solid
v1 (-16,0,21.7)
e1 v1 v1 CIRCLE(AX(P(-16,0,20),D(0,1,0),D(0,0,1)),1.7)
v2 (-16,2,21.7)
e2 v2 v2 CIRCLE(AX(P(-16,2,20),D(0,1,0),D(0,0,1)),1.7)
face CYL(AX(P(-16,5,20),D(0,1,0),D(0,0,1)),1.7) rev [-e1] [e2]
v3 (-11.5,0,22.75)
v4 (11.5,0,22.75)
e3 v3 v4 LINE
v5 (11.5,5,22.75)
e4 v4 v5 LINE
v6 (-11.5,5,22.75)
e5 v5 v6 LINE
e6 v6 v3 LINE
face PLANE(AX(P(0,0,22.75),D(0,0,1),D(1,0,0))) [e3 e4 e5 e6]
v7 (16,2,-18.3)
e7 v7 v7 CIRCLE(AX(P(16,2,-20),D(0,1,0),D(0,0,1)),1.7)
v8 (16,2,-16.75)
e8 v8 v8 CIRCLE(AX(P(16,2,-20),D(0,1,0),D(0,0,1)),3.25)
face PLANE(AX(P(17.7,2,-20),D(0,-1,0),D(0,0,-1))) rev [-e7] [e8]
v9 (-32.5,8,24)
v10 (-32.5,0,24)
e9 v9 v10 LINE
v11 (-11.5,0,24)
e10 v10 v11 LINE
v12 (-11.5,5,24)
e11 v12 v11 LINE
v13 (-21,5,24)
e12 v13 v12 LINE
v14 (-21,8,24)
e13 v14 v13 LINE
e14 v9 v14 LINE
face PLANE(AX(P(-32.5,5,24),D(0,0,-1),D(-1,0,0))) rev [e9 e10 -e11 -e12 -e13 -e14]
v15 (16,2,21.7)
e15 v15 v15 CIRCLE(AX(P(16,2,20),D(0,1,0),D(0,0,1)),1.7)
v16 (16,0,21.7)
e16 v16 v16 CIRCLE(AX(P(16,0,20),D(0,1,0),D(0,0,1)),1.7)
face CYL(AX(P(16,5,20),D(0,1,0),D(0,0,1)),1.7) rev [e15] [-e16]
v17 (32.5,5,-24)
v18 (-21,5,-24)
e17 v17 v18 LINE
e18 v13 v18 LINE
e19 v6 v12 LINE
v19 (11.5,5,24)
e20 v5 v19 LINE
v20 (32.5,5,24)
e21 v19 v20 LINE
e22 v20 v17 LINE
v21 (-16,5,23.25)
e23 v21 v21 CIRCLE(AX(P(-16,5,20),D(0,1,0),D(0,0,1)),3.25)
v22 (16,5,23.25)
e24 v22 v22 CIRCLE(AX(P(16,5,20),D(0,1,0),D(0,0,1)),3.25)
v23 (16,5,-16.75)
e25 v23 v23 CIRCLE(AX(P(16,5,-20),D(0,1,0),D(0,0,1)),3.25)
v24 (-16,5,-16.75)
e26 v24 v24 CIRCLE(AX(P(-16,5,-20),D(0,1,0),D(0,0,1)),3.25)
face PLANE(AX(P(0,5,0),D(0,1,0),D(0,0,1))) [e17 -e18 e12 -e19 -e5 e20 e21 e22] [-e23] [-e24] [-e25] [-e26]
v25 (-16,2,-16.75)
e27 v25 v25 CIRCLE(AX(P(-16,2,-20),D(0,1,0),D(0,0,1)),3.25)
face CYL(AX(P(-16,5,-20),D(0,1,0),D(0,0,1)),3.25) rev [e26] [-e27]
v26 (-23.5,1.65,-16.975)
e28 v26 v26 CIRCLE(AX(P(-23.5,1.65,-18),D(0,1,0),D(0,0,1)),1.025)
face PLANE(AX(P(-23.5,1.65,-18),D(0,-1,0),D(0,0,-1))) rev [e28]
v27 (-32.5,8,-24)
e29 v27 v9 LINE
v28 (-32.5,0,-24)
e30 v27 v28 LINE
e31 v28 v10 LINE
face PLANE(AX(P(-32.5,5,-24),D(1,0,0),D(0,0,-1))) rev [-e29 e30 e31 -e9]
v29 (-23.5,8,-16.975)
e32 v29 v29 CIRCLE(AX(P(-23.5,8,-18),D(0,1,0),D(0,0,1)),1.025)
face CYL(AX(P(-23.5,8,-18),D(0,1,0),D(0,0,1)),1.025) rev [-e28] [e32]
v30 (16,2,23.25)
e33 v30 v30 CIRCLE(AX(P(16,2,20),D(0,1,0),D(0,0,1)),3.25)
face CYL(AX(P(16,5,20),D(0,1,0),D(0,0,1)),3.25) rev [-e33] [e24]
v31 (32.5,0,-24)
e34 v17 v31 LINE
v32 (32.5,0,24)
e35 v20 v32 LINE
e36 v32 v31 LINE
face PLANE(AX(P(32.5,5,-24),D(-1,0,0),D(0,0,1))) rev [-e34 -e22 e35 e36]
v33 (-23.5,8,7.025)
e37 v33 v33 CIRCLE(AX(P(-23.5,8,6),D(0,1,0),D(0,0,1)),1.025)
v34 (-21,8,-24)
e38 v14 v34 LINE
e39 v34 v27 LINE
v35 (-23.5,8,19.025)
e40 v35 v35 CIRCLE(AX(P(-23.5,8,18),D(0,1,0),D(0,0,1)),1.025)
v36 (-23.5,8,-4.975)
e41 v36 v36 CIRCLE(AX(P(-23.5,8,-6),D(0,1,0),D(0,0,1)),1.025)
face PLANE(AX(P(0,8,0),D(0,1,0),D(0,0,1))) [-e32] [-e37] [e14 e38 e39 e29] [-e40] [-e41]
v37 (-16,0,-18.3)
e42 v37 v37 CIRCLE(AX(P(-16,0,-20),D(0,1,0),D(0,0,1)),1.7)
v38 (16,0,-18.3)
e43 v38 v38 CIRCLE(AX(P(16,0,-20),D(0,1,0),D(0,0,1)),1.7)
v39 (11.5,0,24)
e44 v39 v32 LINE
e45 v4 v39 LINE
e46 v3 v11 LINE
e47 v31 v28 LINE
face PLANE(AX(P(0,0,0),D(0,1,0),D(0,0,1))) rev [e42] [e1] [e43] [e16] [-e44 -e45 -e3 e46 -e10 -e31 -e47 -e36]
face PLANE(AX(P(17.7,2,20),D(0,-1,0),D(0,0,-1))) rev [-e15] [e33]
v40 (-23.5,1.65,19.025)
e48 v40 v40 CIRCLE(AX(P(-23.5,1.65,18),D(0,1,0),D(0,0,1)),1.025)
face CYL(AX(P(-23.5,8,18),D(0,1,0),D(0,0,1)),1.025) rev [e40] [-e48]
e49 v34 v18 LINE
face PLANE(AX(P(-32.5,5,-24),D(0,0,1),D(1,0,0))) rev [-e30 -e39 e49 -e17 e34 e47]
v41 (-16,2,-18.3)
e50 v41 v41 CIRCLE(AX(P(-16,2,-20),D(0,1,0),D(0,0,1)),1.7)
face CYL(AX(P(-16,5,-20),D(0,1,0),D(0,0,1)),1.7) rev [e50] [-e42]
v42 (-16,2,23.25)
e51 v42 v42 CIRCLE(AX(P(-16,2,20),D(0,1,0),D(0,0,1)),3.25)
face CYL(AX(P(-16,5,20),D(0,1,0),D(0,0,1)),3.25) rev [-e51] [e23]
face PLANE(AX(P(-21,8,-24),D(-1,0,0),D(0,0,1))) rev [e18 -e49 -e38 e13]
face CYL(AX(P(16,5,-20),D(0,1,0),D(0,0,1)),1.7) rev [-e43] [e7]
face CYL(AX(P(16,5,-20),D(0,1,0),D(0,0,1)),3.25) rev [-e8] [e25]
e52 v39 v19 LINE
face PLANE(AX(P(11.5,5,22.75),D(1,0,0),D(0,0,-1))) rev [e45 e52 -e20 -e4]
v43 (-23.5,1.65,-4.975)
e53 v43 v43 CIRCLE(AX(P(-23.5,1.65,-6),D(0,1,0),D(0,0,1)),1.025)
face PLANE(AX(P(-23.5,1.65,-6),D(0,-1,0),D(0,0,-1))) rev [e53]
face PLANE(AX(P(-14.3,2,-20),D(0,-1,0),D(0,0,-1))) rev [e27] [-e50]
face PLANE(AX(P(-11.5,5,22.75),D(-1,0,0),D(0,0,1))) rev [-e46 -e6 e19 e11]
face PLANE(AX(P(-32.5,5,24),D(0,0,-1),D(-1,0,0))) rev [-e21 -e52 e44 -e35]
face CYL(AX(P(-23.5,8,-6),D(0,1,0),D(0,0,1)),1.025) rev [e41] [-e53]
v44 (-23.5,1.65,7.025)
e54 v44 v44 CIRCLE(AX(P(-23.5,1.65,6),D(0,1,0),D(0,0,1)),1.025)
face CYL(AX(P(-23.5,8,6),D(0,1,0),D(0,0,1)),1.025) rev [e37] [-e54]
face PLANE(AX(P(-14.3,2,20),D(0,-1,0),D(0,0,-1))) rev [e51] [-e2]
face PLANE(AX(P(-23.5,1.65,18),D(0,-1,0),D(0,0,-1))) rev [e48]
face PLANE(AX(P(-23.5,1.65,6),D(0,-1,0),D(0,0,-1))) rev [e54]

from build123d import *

# Parameters (mm, degrees)
SKETCH1_W                      = 65
SKETCH1_H                      = 48
BOSS_EXTRUDE1_DEPTH            = 5
SKETCH2_W                      = 11.5
SKETCH2_H                      = 48
BOSS_EXTRUDE2_DEPTH            = 3
M2_5X0_45_TAPPED_HOLE1_D       = 2.05
M2_5X0_45_TAPPED_HOLE1_DEPTH   = 6.35
CBORE_FOR_M3_SHCS1_D           = 3.4
CBORE_FOR_M3_SHCS1_CBORE_D     = 6.5
CBORE_FOR_M3_SHCS1_CBORE_DEPTH = 3
SKETCH7_W                      = 23
SKETCH7_H                      = 5
CUT_EXTRUDE1_DEPTH             = 1.25


with BuildPart() as part:
    # Sketch1 → Boss-Extrude1 (new body)
    with BuildSketch(Plane(origin=(0, 0, 0), x_dir=(1, 0, 0), z_dir=(0, 1, 0))):
        Rectangle(SKETCH1_W, SKETCH1_H)
    extrude(amount=BOSS_EXTRUDE1_DEPTH)

    # Sketch2 → Boss-Extrude2 (add)
    with BuildSketch(Plane(origin=(0, 5, 0), x_dir=(1, 0, 0), z_dir=(0, 1, 0))):
        with Locations((-26.75, 0)):
            Rectangle(SKETCH2_W, SKETCH2_H)
    extrude(amount=BOSS_EXTRUDE2_DEPTH)

    # M2.5x0.45 Tapped Hole1
    with Locations(Plane(origin=(0, 8, 0), x_dir=(1, 0, 0), z_dir=(0, 1, 0))):
        with Locations((-23.5, 18), (-23.5, 6), (-23.5, -18), (-23.5, -6)):
            Hole(M2_5X0_45_TAPPED_HOLE1_D / 2, depth=M2_5X0_45_TAPPED_HOLE1_DEPTH)

    # CBORE for M3 SHCS1 (through all)
    with Locations(Plane(origin=(0, 5, 0), x_dir=(1, 0, 0), z_dir=(0, 1, 0))):
        with Locations((-16, 20), (16, 20), (-16, -20), (16, -20)):
            CounterBoreHole(CBORE_FOR_M3_SHCS1_D / 2, CBORE_FOR_M3_SHCS1_CBORE_D / 2, CBORE_FOR_M3_SHCS1_CBORE_DEPTH)

    # Sketch7 → Cut-Extrude1 (cut)
    with BuildSketch(Plane.XY.offset(24)):
        with Locations((0, 2.5)):
            Rectangle(SKETCH7_W, SKETCH7_H)
    extrude(amount=-CUT_EXTRUDE1_DEPTH, mode=Mode.SUBTRACT)


solid = part.part
